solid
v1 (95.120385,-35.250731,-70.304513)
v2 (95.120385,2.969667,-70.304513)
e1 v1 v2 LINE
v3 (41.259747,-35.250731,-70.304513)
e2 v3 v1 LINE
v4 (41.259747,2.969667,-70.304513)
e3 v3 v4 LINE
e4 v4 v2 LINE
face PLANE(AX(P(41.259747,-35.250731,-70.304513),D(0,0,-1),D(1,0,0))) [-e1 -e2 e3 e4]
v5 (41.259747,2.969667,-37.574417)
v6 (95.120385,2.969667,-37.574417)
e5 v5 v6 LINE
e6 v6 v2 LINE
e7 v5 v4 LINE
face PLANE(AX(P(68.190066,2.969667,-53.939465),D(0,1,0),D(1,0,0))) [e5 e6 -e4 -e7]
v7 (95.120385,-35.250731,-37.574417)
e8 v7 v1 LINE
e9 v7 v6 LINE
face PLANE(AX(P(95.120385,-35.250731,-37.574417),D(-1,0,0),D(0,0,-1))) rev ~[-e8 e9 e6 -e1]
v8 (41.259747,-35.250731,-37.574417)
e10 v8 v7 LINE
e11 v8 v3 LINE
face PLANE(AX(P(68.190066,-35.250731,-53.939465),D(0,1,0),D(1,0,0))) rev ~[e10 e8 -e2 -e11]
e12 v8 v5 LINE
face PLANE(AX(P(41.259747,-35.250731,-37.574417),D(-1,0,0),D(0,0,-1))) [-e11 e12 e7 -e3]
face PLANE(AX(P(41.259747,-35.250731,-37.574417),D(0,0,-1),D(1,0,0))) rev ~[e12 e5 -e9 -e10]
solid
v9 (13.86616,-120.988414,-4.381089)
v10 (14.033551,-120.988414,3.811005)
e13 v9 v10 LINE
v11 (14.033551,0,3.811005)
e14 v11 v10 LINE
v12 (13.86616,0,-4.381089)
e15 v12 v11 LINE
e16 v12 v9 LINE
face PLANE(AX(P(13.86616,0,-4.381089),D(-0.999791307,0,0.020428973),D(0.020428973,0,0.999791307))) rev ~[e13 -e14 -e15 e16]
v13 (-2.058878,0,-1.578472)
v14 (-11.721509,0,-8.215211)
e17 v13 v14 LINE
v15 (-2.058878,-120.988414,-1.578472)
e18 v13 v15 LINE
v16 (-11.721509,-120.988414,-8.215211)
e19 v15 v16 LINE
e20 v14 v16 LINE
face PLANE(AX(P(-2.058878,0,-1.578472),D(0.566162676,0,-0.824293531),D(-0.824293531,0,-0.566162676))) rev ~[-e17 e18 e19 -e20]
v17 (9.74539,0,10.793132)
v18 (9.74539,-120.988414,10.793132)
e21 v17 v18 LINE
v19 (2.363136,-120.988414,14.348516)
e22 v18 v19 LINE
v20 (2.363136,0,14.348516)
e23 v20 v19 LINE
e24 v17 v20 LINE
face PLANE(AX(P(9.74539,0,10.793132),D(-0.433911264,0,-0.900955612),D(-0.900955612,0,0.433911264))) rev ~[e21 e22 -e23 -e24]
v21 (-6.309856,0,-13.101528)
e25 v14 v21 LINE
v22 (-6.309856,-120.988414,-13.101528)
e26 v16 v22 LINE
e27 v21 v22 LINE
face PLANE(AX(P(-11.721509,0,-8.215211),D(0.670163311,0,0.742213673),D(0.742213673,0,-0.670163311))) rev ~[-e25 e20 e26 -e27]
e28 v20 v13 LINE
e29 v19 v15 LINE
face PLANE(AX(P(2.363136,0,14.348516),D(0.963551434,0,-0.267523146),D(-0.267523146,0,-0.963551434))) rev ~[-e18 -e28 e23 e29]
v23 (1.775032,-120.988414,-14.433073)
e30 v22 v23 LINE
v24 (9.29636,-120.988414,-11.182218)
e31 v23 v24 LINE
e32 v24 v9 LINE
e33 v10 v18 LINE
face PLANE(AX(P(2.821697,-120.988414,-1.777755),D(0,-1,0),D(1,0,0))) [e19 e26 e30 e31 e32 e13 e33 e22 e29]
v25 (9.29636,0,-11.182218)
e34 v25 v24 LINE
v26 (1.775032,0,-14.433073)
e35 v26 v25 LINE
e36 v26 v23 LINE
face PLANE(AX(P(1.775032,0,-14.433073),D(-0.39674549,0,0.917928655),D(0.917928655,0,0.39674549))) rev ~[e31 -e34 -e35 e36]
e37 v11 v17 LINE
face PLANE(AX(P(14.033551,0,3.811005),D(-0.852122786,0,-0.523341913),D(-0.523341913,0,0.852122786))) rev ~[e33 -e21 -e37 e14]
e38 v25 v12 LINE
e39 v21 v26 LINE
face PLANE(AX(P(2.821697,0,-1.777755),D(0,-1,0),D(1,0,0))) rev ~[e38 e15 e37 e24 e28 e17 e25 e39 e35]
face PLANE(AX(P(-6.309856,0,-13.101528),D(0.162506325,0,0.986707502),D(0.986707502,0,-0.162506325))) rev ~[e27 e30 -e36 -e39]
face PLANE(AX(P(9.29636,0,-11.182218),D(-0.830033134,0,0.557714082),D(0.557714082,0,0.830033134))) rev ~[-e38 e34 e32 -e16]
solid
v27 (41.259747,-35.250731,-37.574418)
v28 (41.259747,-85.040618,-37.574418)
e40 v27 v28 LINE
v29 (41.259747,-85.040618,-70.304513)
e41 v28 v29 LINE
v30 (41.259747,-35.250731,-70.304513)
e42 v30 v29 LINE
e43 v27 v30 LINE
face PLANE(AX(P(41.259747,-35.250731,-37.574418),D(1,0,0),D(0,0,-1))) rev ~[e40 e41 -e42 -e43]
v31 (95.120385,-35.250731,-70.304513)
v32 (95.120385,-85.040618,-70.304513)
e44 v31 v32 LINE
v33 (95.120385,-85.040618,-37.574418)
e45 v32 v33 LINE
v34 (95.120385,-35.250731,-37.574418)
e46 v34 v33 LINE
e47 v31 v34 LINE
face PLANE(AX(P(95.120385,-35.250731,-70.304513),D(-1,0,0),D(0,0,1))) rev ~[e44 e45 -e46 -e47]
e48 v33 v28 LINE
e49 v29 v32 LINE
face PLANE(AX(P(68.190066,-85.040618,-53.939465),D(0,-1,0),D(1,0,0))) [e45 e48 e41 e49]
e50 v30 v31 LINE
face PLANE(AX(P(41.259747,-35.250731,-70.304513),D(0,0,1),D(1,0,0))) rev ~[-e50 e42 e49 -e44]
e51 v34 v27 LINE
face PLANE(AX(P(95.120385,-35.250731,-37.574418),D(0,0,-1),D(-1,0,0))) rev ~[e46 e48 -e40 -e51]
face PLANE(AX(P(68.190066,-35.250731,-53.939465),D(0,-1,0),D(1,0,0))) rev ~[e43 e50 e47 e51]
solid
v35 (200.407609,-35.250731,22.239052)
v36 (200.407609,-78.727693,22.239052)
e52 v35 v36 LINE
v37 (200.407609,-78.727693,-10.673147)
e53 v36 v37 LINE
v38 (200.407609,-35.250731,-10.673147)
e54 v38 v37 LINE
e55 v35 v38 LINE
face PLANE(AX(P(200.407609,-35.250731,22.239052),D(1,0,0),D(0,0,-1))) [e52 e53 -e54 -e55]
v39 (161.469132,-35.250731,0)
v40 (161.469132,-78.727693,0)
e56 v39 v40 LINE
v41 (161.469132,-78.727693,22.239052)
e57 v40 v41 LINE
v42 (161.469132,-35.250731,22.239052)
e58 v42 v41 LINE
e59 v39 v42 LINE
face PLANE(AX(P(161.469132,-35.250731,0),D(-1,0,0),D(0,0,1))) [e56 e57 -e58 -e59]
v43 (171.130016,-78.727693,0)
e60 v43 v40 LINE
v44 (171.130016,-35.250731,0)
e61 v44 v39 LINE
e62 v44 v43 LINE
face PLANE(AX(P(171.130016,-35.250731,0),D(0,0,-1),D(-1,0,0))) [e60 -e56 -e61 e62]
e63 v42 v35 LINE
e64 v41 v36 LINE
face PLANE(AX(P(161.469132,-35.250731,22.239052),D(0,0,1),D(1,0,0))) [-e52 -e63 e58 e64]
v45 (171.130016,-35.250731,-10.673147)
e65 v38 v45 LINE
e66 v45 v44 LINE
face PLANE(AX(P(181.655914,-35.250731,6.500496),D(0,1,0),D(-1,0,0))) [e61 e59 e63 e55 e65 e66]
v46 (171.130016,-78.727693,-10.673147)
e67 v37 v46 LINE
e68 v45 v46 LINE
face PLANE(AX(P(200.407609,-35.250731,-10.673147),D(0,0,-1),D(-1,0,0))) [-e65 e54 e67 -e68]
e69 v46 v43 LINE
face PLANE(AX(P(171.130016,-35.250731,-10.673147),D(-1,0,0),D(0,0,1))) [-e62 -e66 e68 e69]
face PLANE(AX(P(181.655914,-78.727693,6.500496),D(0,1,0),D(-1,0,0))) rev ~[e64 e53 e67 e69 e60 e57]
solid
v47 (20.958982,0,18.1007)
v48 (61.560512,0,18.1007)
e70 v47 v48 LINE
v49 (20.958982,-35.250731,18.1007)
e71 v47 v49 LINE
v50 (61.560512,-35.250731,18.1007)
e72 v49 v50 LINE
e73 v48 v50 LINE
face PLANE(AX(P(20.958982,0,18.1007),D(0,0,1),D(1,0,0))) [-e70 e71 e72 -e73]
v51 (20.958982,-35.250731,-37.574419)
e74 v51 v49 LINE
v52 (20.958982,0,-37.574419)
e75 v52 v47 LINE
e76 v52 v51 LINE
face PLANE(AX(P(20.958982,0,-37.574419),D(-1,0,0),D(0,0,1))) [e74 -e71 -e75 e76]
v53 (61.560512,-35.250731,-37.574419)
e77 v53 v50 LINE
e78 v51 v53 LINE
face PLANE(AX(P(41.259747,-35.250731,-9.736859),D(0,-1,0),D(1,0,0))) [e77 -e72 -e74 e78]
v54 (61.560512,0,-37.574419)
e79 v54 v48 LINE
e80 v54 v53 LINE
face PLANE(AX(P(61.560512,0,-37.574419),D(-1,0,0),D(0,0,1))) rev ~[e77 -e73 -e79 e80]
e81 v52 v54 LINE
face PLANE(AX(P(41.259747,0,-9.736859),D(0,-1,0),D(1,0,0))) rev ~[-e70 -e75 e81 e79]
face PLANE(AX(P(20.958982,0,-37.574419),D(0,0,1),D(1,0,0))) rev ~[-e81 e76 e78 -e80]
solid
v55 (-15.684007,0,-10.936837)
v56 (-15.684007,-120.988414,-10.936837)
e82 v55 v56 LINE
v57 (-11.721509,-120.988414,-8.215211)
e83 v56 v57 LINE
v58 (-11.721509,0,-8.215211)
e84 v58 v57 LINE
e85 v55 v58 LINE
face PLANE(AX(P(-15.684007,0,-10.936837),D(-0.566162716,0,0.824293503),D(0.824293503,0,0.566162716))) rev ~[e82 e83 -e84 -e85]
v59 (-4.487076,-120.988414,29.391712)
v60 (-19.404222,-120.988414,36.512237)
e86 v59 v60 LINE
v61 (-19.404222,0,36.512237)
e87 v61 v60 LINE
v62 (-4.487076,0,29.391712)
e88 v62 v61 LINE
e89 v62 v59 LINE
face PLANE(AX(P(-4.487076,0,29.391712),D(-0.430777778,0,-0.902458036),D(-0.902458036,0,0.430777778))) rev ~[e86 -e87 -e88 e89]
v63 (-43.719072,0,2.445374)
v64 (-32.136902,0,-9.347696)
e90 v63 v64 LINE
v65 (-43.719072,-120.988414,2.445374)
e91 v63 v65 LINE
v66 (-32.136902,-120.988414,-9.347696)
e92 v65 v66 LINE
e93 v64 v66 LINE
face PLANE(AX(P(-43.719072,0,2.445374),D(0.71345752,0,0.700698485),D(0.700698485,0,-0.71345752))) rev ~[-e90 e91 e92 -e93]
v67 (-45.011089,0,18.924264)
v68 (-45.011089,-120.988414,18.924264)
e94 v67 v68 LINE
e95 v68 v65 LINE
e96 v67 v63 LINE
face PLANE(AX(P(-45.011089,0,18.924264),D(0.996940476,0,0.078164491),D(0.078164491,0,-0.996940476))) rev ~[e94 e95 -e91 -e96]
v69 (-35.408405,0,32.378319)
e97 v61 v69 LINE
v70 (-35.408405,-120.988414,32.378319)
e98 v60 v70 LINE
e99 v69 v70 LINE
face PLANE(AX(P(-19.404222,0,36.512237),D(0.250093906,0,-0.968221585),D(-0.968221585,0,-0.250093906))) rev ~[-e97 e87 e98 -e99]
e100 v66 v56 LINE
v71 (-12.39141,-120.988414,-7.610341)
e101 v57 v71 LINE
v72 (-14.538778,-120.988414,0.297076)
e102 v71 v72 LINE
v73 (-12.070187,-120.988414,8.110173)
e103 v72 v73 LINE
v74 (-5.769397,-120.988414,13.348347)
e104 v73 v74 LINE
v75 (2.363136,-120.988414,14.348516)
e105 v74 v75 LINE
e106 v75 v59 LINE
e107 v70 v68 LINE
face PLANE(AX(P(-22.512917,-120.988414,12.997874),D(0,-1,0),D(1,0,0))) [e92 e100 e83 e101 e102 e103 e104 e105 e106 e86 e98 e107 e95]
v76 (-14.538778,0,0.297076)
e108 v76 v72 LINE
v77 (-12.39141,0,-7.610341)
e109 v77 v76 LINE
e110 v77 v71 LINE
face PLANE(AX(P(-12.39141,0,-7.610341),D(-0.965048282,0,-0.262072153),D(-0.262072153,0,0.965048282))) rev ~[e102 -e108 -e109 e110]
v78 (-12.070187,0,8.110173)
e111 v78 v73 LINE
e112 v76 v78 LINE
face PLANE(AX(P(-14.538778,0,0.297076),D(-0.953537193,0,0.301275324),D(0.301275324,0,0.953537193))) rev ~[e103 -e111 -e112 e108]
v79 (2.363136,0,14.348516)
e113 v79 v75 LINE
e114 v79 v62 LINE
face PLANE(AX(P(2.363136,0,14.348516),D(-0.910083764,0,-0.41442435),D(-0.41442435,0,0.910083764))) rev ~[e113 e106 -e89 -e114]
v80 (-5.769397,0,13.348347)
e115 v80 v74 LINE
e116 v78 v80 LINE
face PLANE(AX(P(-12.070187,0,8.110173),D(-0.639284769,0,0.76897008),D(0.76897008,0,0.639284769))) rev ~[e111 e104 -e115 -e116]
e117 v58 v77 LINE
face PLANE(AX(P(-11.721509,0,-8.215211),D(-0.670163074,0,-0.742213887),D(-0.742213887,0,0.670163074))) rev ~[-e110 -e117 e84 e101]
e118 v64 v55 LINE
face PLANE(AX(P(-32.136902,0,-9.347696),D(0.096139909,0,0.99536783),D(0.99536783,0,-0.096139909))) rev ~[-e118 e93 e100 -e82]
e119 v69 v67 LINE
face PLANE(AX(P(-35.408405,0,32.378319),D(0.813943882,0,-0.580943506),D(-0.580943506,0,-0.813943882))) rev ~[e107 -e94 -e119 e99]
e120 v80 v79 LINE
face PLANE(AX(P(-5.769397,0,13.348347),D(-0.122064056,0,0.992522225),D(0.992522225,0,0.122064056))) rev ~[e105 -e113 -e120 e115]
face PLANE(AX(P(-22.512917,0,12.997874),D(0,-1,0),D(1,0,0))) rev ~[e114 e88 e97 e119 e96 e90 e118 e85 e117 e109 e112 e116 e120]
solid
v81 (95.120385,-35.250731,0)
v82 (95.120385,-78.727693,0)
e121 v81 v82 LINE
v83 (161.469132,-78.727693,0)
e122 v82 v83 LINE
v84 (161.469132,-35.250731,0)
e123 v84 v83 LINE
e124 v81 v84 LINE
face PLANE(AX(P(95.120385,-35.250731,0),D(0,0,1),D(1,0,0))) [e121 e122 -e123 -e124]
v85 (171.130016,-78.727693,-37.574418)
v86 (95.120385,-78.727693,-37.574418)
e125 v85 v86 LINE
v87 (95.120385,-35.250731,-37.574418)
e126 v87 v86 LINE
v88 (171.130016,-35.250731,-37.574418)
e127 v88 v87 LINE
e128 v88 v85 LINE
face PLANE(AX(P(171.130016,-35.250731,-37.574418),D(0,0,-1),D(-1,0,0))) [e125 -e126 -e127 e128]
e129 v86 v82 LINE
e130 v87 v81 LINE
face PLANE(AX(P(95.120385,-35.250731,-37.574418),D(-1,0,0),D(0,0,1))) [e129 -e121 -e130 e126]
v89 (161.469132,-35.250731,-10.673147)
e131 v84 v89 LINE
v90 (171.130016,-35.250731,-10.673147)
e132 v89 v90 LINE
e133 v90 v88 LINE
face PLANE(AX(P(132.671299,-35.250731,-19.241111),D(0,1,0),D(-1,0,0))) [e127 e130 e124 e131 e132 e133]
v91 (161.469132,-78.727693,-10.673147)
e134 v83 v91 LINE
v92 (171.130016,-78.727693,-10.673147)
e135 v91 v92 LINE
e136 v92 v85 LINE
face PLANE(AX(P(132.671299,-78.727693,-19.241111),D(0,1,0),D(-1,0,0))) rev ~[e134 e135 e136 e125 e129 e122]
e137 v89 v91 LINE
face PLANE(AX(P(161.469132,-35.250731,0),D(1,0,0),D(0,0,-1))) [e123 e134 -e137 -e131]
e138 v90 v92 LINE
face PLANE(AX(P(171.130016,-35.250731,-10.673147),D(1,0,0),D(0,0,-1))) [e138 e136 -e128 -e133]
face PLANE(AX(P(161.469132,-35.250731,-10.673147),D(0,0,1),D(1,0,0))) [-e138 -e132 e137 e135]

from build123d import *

# Parameters (mm, degrees)
F1_DEPTH  = 120.988414
F2_W      = 40.60153
F2_H      = 55.675119
F3_DEPTH  = 35.250731
F5_DEPTH  = 49.789887
F7_DEPTH  = 43.476962
F5_FACE_W = 53.860638
F5_FACE_H = 32.730096
F8_DEPTH  = 38.220398


with BuildPart() as f1:
    # F0 (on Front) → F1 (new body)
    with BuildSketch(Plane.XZ):
        Polygon((-32.136902, -9.347696), (-15.684007, -10.936837), (-11.721509, -8.215211), (-12.39141, -7.610341), (-14.538778, 0.297076), (-12.070187, 8.110173), (-5.769397, 13.348347), (2.363136, 14.348516), (-4.487076, 29.391712), (-19.404222, 36.512237), (-35.408405, 32.378319), (-45.011089, 18.924264), (-43.719072, 2.445374), align=None)
        Polygon((-2.058878, -1.578472), (-11.721509, -8.215211), (-6.309856, -13.101528), (1.775032, -14.433073), (9.29636, -11.182218), (13.86616, -4.381089), (14.033551, 3.811005), (9.74539, 10.793132), (2.363136, 14.348516), align=None)
    extrude(amount=F1_DEPTH)


with BuildPart() as f3:
    # F2 (on Front) → F3 (new body)
    with BuildSketch(Plane.XZ):
        with Locations((41.259747, -9.736859)):
            Rectangle(F2_W, F2_H)
    extrude(amount=F3_DEPTH)


with BuildPart() as f5:
    # F4 (on face) → F5 (new body)
    with BuildSketch(Plane.XZ.offset(35.250731)):
        Polygon((61.560512, -37.574418), (41.259747, -37.574418), (41.259747, -70.304513), (95.120385, -70.304513), (95.120385, -37.574418), align=None)
    extrude(amount=F5_DEPTH)


with BuildPart() as f7:
    # F6 (on face) → F7 (new body)
    with BuildSketch(Plane(origin=(0, -35.250731, 0), x_dir=(-1, 0, 0), z_dir=(0, 1, 0))):
        Polygon((-95.120385, 0), (-161.469132, 0), (-161.469132, -10.673147), (-171.130016, -10.673147), (-171.130016, -37.574418), (-95.120385, -37.574418), align=None)
        Polygon((-171.130016, -10.673147), (-171.130016, 0), (-161.469132, 0), (-161.469132, 22.239052), (-200.407609, 22.239052), (-200.407609, -10.673147), align=None)
    extrude(amount=-F7_DEPTH)


with BuildPart() as f8:
    # F5_face (on face) → F8 (new body)
    with BuildSketch(Plane(origin=(68.190066, -35.250731, -53.939465), x_dir=(1, 0, 0), z_dir=(0, 1, 0))):
        Rectangle(F5_FACE_W, F5_FACE_H)
    extrude(amount=F8_DEPTH)


solid = Compound([f1.part, f3.part, f5.part, f7.part, f8.part])
